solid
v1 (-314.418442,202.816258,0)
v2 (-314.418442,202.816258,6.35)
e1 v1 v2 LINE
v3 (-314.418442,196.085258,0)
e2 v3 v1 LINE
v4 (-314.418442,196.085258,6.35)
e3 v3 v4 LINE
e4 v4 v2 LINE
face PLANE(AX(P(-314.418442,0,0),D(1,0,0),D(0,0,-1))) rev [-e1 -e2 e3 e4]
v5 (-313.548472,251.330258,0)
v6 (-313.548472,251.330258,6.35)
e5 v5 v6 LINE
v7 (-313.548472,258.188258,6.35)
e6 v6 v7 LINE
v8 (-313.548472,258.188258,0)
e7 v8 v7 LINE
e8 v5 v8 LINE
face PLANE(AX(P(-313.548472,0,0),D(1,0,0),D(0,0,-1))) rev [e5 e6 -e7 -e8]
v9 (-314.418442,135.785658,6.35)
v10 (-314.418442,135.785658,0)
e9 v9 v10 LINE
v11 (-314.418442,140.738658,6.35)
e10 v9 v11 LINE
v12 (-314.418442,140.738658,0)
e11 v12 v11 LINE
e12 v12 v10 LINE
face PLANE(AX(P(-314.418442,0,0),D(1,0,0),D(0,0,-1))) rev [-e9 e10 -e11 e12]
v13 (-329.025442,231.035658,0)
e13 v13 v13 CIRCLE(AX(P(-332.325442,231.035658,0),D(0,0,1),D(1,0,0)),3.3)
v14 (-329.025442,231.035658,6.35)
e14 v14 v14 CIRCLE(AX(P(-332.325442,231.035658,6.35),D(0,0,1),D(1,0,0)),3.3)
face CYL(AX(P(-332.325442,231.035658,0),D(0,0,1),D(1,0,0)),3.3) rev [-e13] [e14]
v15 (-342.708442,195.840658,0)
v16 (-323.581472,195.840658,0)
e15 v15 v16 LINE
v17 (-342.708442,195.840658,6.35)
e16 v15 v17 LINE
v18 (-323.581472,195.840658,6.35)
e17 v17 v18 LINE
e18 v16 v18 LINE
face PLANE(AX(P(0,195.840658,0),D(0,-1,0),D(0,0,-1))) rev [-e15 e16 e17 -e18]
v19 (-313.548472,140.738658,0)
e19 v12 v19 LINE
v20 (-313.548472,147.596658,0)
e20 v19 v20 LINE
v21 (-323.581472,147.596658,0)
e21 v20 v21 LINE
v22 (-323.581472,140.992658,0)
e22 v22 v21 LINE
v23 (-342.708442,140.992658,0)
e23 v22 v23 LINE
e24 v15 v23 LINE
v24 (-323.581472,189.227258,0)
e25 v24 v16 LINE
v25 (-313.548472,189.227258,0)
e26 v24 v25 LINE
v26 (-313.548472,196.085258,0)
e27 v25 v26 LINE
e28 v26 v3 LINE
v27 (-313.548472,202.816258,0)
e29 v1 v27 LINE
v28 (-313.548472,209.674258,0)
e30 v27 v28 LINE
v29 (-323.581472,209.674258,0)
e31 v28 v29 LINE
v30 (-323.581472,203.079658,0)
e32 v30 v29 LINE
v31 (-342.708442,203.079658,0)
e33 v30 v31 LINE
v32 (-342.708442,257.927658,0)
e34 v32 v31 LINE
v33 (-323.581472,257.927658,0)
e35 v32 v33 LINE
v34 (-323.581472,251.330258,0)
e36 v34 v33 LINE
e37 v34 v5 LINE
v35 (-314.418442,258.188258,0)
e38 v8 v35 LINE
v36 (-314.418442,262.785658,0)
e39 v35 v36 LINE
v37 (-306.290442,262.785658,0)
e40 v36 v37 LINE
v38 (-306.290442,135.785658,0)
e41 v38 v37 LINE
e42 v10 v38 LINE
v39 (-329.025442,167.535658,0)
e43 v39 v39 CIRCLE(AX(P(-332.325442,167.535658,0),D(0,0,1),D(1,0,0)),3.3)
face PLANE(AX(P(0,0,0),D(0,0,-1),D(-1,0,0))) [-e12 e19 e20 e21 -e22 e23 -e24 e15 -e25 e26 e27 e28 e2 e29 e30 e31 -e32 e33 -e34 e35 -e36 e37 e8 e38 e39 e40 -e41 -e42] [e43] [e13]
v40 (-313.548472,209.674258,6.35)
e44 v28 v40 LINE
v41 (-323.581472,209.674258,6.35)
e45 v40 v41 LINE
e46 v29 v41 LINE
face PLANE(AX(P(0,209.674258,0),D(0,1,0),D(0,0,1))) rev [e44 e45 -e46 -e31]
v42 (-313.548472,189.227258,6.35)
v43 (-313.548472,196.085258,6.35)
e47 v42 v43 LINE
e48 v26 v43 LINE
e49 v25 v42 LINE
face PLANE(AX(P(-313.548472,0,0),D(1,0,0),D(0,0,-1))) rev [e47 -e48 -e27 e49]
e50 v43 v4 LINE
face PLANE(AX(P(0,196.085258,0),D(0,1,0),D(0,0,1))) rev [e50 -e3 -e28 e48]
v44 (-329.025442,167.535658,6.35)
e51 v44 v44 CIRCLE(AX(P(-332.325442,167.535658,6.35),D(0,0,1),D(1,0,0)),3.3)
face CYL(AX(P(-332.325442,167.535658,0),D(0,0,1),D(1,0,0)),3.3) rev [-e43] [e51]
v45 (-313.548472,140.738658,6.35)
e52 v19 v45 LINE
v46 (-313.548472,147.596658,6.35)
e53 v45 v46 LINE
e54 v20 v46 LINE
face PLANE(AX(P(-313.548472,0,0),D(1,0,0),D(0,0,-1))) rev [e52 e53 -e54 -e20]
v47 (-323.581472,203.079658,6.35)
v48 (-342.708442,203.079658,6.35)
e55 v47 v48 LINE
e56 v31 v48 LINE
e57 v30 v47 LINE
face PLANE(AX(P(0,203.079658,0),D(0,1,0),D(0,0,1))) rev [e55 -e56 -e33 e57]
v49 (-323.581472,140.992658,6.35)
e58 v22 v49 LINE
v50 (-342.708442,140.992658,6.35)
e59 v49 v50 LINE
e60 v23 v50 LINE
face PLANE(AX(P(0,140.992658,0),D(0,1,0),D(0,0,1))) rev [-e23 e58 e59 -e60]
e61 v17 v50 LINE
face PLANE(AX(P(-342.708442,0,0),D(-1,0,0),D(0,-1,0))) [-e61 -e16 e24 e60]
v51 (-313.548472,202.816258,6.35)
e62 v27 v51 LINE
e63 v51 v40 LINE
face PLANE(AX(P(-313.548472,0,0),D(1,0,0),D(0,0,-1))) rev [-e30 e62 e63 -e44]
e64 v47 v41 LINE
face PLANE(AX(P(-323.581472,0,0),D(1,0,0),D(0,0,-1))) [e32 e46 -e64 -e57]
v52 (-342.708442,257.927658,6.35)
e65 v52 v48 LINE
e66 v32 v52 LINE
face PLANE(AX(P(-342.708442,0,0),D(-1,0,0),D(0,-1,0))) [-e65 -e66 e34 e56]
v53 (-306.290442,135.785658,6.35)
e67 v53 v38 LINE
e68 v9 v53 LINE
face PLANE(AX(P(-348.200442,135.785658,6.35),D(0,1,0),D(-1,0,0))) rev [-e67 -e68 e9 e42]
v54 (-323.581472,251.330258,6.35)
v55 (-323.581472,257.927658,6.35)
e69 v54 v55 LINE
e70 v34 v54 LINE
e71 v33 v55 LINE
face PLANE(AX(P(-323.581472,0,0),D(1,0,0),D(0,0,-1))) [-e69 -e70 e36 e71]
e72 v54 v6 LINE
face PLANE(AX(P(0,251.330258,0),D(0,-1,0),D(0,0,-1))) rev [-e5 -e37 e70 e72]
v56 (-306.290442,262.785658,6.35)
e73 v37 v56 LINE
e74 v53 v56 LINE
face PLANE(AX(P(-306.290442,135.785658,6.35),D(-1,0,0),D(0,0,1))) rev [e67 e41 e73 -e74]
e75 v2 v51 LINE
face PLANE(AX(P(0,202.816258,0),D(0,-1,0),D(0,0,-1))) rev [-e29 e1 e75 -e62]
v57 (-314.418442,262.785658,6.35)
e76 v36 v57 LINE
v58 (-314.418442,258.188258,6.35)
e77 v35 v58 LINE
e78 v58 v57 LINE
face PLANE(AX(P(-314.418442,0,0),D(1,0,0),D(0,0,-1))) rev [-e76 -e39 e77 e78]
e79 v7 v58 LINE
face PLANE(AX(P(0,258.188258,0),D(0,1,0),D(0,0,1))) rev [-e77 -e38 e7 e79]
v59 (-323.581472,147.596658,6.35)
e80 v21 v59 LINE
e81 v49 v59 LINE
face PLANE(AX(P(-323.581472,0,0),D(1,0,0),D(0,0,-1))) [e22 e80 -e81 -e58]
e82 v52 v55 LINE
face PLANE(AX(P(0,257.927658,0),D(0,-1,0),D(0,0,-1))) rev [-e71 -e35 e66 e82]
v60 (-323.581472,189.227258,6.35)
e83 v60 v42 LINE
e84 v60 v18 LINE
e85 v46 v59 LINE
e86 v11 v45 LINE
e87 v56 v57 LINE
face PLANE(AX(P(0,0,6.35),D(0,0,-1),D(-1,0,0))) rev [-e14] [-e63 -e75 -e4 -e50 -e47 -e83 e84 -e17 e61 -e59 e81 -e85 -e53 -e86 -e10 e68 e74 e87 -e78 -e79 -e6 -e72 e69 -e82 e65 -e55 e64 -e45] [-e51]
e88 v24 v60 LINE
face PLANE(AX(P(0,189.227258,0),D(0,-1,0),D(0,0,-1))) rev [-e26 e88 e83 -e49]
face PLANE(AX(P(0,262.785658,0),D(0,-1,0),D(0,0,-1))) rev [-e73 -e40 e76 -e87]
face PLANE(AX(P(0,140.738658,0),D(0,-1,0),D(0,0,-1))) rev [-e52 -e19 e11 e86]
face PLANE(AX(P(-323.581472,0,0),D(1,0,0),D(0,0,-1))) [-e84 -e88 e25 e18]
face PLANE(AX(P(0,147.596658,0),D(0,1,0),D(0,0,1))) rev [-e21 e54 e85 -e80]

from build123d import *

# Parameters (mm, degrees)
SKETCH2_W               = 41.91
SKETCH2_H               = 190.436
BOSS_EXTRUDE1_DEPTH     = 6.35
SKETCH3_R               = 3.3
CUT_EXTRUDE1_DEPTH      = 478.183864302
SKETCH4_W               = 10.033
SKETCH4_H               = 6.858
CUT_EXTRUDE2_DEPTH      = 474.191260281
CUT_EXTRUDE3_DEPTH      = 474.191260281
CUT_EXTRUDE3_DEPTH_BACK = 474.191260281
SKETCH5_R               = 3.3


with BuildPart() as part:
    # Sketch2 → Boss-Extrude1 (new body)
    with BuildSketch(Plane.XY):
        with Locations((-327.245441571, 231.003658294)):
            Rectangle(SKETCH2_W, SKETCH2_H)
    extrude(amount=BOSS_EXTRUDE1_DEPTH)

    # Sketch3 → Cut-Extrude1 (cut, through all)
    with BuildSketch(Plane.XY.offset(6.35)):
        Polygon((-314.418441571, 195.840658294), (-314.418441571, 203.079658294), (-342.708441633, 203.079658294), (-342.708441633, 257.927658294), (-314.418441571, 257.927658294), (-314.418441571, 265.166658294), (-342.708441633, 265.166658294), (-342.708441633, 321.014658294), (-314.418441571, 321.014658294), (-314.418441571, 326.221658294), (-348.200441571, 326.221658294), (-348.200441571, 135.785658294), (-314.418441571, 135.785658294), (-314.418441571, 140.992658294), (-342.708441633, 140.992658294), (-342.708441633, 195.840658294), align=None)
        with Locations((-332.325441571, 294.535658294)):
            Circle(SKETCH3_R)
        with Locations((-332.325441571, 231.035658294)):
            Circle(SKETCH3_R)
        with Locations((-332.325441571, 167.535658294)):
            Circle(SKETCH3_R)
    extrude(amount=-CUT_EXTRUDE1_DEPTH, mode=Mode.SUBTRACT)

    # Sketch4 → Cut-Extrude2 (cut, through all)
    with BuildSketch(Plane.XY.offset(6.35)):
        with Locations((-318.564971808, 144.167658294)):
            Rectangle(SKETCH4_W, SKETCH4_H)
        with Locations((-318.564971808, 192.656258294)):
            Rectangle(SKETCH4_W, SKETCH4_H)
        with Locations((-318.564971808, 206.245258294)):
            Rectangle(SKETCH4_W, SKETCH4_H)
        with Locations((-318.564971808, 254.759258294)):
            Rectangle(SKETCH4_W, SKETCH4_H)
        with Locations((-318.564971808, 268.348258294)):
            Rectangle(SKETCH4_W, SKETCH4_H)
        with Locations((-318.564971808, 317.852858294)):
            Rectangle(SKETCH4_W, SKETCH4_H)
    extrude(amount=-CUT_EXTRUDE2_DEPTH, mode=Mode.SUBTRACT)

    # Sketch5 → Cut-Extrude3 (cut, two sides: drawn at the far end of the back side and taken through both)
    with BuildSketch(Plane.XY.offset(6.35).offset(-CUT_EXTRUDE3_DEPTH_BACK)):
        Polygon((-314.418441571, 264.919258294), (-314.418441571, 262.785658294), (-306.290441571, 262.785658294), (-306.290441571, 326.221658294), (-314.418441571, 326.221658294), (-314.418441571, 321.281858294), (-313.548471808, 321.281858294), (-313.548471808, 314.423858294), (-323.581471808, 314.423858294), (-323.581471808, 321.014658294), (-342.708441633, 321.014658294), (-342.708441633, 265.166658294), (-323.581471808, 265.166658294), (-323.581471808, 271.777258294), (-313.548471808, 271.777258294), (-313.548471808, 264.919258294), align=None)
        with Locations((-332.325441571, 294.535658294)):
            Circle(SKETCH5_R, mode=Mode.SUBTRACT)
    extrude(amount=CUT_EXTRUDE3_DEPTH + CUT_EXTRUDE3_DEPTH_BACK, mode=Mode.SUBTRACT)


solid = part.part
